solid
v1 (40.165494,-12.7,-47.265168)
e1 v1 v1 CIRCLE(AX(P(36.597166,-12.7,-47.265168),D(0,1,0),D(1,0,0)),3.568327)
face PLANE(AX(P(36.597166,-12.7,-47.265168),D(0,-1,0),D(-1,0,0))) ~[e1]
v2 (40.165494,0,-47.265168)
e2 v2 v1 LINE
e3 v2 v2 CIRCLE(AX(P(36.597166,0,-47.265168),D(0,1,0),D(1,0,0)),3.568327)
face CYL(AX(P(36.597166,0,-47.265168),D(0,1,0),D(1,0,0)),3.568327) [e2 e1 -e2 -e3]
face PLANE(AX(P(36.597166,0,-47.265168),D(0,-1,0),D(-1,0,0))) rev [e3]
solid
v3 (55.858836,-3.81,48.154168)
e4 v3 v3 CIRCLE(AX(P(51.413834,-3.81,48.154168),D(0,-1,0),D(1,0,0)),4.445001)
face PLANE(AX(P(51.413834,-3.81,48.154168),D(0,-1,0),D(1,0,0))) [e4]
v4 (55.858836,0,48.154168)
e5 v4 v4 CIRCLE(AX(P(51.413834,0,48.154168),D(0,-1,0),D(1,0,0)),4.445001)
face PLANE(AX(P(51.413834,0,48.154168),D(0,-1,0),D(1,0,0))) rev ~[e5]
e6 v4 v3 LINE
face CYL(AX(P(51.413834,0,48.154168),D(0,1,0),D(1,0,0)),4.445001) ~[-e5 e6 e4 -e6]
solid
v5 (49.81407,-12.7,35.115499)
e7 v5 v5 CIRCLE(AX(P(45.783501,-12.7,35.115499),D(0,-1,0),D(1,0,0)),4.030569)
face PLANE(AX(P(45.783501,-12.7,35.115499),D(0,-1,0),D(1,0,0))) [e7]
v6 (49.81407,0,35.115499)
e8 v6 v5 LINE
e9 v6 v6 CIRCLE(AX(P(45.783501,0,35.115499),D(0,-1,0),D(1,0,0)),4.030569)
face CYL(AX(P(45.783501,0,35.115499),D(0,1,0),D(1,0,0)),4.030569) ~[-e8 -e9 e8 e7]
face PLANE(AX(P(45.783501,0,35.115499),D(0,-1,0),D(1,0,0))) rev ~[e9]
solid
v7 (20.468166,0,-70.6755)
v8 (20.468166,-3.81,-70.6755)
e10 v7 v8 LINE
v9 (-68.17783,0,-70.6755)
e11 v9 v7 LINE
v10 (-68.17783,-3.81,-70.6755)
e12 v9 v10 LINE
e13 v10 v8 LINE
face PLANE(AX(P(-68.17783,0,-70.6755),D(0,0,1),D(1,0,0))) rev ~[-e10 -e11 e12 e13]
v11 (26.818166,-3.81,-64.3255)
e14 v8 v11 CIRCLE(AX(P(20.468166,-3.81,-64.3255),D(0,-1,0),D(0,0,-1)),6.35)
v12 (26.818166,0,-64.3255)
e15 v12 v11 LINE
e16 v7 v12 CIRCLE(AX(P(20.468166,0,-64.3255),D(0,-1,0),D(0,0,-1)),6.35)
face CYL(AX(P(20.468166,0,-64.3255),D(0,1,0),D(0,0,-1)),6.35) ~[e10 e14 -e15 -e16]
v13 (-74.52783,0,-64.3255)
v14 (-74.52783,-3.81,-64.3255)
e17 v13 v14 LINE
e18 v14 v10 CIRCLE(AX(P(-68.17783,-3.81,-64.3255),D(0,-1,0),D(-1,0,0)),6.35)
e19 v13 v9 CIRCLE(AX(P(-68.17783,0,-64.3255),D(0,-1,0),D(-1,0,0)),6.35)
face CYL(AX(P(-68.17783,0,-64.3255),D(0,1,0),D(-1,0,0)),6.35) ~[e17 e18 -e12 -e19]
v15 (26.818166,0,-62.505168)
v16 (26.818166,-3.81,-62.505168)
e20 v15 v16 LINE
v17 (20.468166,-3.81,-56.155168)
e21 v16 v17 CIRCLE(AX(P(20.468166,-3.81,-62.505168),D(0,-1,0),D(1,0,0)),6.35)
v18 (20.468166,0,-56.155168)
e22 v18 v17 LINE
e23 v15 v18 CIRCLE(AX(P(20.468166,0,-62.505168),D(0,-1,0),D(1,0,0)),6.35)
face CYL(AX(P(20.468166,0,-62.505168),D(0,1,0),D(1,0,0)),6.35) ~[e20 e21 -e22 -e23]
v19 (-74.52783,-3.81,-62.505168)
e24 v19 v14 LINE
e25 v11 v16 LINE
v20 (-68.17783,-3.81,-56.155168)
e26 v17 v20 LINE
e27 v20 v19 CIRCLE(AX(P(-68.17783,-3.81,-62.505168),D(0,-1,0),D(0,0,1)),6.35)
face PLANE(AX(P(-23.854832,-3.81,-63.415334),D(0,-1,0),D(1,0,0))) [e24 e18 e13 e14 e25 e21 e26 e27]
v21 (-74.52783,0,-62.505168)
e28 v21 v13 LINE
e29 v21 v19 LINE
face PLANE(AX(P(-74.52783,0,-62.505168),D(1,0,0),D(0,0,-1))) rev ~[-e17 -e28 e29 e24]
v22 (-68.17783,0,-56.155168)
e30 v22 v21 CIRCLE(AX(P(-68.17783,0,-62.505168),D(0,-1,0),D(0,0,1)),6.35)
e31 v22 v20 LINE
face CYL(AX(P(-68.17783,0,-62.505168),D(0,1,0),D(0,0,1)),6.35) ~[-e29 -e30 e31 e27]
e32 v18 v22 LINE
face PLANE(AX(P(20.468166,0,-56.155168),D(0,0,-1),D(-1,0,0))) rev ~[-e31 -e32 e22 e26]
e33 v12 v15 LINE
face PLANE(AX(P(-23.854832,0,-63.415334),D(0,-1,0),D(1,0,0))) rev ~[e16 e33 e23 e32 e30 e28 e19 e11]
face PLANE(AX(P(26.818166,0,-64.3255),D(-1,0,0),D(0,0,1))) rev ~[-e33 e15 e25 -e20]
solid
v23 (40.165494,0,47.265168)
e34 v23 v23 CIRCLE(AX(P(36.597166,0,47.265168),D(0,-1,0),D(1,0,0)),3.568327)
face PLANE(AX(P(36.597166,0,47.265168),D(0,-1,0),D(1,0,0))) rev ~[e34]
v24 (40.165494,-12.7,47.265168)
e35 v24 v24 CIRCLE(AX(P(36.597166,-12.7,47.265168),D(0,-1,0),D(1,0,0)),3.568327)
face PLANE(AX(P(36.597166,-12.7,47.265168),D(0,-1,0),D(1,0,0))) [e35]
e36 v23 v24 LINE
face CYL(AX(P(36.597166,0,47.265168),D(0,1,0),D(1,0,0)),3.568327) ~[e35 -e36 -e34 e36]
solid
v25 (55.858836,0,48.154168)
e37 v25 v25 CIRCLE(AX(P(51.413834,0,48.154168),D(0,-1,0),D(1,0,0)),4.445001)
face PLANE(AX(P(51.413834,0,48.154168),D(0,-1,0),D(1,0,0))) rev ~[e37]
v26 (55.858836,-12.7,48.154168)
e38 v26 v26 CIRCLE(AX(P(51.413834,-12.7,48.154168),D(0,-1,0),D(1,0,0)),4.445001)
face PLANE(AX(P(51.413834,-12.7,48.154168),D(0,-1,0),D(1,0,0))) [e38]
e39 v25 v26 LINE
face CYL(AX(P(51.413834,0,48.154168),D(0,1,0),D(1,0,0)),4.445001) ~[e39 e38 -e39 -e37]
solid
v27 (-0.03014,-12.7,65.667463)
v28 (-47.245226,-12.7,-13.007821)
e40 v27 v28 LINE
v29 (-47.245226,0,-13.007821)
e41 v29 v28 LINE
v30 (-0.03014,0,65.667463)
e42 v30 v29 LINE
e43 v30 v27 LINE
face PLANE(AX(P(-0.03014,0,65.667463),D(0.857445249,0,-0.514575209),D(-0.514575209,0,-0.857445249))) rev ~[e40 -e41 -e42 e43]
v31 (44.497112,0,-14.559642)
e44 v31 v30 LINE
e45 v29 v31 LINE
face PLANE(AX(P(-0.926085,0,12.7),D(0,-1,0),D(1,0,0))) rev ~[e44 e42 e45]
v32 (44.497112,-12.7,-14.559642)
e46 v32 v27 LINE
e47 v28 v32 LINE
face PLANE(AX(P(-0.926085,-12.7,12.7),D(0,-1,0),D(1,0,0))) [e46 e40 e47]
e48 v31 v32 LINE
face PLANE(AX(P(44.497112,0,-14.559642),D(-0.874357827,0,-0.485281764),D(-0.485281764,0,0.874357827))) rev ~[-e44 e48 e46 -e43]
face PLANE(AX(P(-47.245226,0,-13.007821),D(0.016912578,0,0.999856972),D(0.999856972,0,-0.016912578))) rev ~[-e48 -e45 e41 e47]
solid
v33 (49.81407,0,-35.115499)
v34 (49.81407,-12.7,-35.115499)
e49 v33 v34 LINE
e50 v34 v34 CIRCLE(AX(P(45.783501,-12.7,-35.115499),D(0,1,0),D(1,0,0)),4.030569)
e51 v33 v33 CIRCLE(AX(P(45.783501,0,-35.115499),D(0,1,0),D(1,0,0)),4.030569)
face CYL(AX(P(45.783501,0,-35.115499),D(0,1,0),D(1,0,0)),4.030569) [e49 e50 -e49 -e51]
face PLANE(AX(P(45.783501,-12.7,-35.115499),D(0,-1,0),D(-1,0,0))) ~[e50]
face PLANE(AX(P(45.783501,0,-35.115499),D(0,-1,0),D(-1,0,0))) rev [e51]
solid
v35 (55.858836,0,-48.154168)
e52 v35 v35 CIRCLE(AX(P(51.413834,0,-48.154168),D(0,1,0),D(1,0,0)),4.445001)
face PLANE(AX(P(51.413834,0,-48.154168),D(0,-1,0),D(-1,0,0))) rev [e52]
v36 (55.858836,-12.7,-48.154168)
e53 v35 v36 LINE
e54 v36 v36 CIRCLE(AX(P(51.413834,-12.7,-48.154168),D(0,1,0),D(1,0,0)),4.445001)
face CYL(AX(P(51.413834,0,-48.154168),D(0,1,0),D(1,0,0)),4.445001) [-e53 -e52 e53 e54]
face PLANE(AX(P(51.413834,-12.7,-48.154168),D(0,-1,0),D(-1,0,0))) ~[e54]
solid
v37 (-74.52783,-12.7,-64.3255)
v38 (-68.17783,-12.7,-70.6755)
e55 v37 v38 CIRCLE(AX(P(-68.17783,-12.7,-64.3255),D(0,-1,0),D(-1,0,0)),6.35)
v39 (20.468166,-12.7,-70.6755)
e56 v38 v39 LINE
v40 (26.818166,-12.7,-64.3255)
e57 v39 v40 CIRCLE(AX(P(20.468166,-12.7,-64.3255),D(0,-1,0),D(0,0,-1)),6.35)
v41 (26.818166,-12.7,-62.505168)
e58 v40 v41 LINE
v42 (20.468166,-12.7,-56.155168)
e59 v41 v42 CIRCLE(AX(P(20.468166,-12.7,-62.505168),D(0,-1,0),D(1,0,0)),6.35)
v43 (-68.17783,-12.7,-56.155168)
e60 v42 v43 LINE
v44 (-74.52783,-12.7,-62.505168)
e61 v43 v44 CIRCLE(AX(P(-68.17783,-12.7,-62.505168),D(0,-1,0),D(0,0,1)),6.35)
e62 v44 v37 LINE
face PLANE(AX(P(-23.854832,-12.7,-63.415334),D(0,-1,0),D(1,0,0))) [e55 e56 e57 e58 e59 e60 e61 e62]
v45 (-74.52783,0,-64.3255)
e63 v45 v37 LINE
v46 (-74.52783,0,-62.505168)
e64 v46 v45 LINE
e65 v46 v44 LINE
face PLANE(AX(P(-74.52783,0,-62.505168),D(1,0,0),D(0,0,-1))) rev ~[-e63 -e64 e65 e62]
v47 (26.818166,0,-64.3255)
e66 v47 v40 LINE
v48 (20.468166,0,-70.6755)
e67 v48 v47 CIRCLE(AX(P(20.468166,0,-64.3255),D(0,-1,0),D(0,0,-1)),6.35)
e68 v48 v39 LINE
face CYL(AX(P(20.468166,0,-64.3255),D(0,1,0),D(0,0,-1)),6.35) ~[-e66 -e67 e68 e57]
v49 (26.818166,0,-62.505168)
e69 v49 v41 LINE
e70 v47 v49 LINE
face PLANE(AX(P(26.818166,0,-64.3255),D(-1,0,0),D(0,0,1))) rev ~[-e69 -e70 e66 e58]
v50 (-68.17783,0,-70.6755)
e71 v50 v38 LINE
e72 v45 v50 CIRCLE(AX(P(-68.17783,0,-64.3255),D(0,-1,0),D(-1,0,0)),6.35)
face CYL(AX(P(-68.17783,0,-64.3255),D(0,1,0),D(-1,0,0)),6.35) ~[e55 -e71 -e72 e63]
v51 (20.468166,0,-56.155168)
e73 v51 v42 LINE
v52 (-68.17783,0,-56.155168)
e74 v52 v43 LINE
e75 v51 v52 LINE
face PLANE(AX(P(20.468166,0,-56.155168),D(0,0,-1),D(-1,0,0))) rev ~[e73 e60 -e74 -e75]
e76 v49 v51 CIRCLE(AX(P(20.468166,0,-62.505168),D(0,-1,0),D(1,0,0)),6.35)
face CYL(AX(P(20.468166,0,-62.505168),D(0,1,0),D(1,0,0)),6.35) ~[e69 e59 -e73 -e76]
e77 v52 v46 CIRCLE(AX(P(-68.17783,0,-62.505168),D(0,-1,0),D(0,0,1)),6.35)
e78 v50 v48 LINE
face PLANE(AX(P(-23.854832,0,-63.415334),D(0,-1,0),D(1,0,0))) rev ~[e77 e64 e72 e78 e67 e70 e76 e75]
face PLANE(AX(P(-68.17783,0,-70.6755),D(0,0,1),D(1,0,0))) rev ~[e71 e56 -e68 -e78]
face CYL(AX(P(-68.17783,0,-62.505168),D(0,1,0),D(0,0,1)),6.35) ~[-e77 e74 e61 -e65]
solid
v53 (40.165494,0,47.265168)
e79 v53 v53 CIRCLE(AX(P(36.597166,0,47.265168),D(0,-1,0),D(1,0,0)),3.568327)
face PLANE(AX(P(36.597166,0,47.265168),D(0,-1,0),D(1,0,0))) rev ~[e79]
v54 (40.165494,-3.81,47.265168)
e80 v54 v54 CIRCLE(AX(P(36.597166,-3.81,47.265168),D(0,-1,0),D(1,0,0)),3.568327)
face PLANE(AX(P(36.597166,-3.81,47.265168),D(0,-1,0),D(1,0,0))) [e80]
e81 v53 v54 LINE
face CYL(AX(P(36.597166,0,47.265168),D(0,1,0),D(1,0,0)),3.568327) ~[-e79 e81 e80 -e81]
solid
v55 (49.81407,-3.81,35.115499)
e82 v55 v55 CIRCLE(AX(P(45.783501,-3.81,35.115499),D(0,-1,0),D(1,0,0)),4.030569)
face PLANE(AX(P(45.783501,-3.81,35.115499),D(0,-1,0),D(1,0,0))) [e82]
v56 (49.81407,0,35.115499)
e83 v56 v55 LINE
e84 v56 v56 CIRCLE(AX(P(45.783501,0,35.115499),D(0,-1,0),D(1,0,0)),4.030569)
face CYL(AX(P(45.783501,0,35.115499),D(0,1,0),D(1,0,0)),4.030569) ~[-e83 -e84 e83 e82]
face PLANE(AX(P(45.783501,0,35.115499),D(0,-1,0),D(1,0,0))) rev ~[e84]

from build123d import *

# Parameters (mm, degrees)
F1_DEPTH = 12.7
F3_DEPTH = 12.7
F2_R     = 3.56832736
F2_R_2   = 4.0305690693
F2_R_3   = 4.445001483
F4_DEPTH = 3.81


with BuildPart() as f1:
    # F0 (on Front) → F1 (new body)
    with BuildSketch(Plane.XZ):
        Polygon((-47.2452260642, -13.0078209857), (44.4971116884, -14.5596424118), (-0.0301404108, 65.6674633975), align=None)
    extrude(amount=F1_DEPTH)


with BuildPart() as f3:
    # F2 (on Front) → F3 (new body)
    with BuildSketch(Plane.XZ):
        with BuildLine():
            Line((20.4681655556, -56.15516752), (-68.1778298855, -56.15516752))
            ThreePointArc((-68.1778298855, -56.15516752), (-72.667957946, -58.0150394595), (-74.5278298855, -62.50516752))
            Line((-74.5278298855, -62.50516752), (-74.5278298855, -64.3254997373))
            ThreePointArc((-74.5278298855, -64.3254997373), (-72.667957946, -68.8156277978), (-68.1778298855, -70.6754997373))
            Line((-68.1778298855, -70.6754997373), (20.4681655556, -70.6754997373))
            ThreePointArc((20.4681655556, -70.6754997373), (24.9582936161, -68.8156277978), (26.8181655556, -64.3254997373))
            Line((26.8181655556, -64.3254997373), (26.8181655556, -62.50516752))
            ThreePointArc((26.8181655556, -62.50516752), (24.9582936161, -58.0150394595), (20.4681655556, -56.15516752))
        make_face()
    extrude(amount=F3_DEPTH)


with BuildPart() as f3b:
    # F2 (on Front) → F3, piece 2 (new body)
    with BuildSketch(Plane.XZ):
        with Locations((36.5971662104, 47.2651682794)):
            Circle(F2_R)
    extrude(amount=F3_DEPTH)


with BuildPart() as f3c:
    # F2 (on Front) → F3, piece 3 (new body)
    with BuildSketch(Plane.XZ):
        with Locations((45.7835011184, 35.1154990494)):
            Circle(F2_R_2)
    extrude(amount=F3_DEPTH)


with BuildPart() as f3d:
    # F2 (on Front) → F3, piece 4 (new body)
    with BuildSketch(Plane.XZ):
        with Locations((51.413834095, 48.1541678309)):
            Circle(F2_R_3)
    extrude(amount=F3_DEPTH)


with BuildPart() as f4:
    # F2 (on Front) → F4 (new body)
    with BuildSketch(Plane.XZ):
        with BuildLine():
            Line((20.4681655556, -56.15516752), (-68.1778298855, -56.15516752))
            ThreePointArc((-68.1778298855, -56.15516752), (-72.667957946, -58.0150394595), (-74.5278298855, -62.50516752))
            Line((-74.5278298855, -62.50516752), (-74.5278298855, -64.3254997373))
            ThreePointArc((-74.5278298855, -64.3254997373), (-72.667957946, -68.8156277978), (-68.1778298855, -70.6754997373))
            Line((-68.1778298855, -70.6754997373), (20.4681655556, -70.6754997373))
            ThreePointArc((20.4681655556, -70.6754997373), (24.9582936161, -68.8156277978), (26.8181655556, -64.3254997373))
            Line((26.8181655556, -64.3254997373), (26.8181655556, -62.50516752))
            ThreePointArc((26.8181655556, -62.50516752), (24.9582936161, -58.0150394595), (20.4681655556, -56.15516752))
        make_face()
    extrude(amount=F4_DEPTH)


with BuildPart() as f4b:
    # F2 (on Front) → F4, piece 2 (new body)
    with BuildSketch(Plane.XZ):
        with Locations((36.5971662104, 47.2651682794)):
            Circle(F2_R)
    extrude(amount=F4_DEPTH)


with BuildPart() as f4c:
    # F2 (on Front) → F4, piece 3 (new body)
    with BuildSketch(Plane.XZ):
        with Locations((45.7835011184, 35.1154990494)):
            Circle(F2_R_2)
    extrude(amount=F4_DEPTH)


with BuildPart() as f4d:
    # F2 (on Front) → F4, piece 4 (new body)
    with BuildSketch(Plane.XZ):
        with Locations((51.413834095, 48.1541678309)):
            Circle(F2_R_3)
    extrude(amount=F4_DEPTH)


with BuildPart() as f5_1:
    # F5: instance of F3d
    add(f3d.part.mirror(Plane.XY))


with BuildPart() as f5_2:
    # F5: instance of F3b
    add(f3b.part.mirror(Plane.XY))


with BuildPart() as f5_3:
    # F5: instance of F3c
    add(f3c.part.mirror(Plane.XY))


solid = Compound([f1.part, f3.part, f3b.part, f3c.part, f3d.part, f4.part, f4b.part, f4c.part, f4d.part, f5_1.part, f5_2.part, f5_3.part])
